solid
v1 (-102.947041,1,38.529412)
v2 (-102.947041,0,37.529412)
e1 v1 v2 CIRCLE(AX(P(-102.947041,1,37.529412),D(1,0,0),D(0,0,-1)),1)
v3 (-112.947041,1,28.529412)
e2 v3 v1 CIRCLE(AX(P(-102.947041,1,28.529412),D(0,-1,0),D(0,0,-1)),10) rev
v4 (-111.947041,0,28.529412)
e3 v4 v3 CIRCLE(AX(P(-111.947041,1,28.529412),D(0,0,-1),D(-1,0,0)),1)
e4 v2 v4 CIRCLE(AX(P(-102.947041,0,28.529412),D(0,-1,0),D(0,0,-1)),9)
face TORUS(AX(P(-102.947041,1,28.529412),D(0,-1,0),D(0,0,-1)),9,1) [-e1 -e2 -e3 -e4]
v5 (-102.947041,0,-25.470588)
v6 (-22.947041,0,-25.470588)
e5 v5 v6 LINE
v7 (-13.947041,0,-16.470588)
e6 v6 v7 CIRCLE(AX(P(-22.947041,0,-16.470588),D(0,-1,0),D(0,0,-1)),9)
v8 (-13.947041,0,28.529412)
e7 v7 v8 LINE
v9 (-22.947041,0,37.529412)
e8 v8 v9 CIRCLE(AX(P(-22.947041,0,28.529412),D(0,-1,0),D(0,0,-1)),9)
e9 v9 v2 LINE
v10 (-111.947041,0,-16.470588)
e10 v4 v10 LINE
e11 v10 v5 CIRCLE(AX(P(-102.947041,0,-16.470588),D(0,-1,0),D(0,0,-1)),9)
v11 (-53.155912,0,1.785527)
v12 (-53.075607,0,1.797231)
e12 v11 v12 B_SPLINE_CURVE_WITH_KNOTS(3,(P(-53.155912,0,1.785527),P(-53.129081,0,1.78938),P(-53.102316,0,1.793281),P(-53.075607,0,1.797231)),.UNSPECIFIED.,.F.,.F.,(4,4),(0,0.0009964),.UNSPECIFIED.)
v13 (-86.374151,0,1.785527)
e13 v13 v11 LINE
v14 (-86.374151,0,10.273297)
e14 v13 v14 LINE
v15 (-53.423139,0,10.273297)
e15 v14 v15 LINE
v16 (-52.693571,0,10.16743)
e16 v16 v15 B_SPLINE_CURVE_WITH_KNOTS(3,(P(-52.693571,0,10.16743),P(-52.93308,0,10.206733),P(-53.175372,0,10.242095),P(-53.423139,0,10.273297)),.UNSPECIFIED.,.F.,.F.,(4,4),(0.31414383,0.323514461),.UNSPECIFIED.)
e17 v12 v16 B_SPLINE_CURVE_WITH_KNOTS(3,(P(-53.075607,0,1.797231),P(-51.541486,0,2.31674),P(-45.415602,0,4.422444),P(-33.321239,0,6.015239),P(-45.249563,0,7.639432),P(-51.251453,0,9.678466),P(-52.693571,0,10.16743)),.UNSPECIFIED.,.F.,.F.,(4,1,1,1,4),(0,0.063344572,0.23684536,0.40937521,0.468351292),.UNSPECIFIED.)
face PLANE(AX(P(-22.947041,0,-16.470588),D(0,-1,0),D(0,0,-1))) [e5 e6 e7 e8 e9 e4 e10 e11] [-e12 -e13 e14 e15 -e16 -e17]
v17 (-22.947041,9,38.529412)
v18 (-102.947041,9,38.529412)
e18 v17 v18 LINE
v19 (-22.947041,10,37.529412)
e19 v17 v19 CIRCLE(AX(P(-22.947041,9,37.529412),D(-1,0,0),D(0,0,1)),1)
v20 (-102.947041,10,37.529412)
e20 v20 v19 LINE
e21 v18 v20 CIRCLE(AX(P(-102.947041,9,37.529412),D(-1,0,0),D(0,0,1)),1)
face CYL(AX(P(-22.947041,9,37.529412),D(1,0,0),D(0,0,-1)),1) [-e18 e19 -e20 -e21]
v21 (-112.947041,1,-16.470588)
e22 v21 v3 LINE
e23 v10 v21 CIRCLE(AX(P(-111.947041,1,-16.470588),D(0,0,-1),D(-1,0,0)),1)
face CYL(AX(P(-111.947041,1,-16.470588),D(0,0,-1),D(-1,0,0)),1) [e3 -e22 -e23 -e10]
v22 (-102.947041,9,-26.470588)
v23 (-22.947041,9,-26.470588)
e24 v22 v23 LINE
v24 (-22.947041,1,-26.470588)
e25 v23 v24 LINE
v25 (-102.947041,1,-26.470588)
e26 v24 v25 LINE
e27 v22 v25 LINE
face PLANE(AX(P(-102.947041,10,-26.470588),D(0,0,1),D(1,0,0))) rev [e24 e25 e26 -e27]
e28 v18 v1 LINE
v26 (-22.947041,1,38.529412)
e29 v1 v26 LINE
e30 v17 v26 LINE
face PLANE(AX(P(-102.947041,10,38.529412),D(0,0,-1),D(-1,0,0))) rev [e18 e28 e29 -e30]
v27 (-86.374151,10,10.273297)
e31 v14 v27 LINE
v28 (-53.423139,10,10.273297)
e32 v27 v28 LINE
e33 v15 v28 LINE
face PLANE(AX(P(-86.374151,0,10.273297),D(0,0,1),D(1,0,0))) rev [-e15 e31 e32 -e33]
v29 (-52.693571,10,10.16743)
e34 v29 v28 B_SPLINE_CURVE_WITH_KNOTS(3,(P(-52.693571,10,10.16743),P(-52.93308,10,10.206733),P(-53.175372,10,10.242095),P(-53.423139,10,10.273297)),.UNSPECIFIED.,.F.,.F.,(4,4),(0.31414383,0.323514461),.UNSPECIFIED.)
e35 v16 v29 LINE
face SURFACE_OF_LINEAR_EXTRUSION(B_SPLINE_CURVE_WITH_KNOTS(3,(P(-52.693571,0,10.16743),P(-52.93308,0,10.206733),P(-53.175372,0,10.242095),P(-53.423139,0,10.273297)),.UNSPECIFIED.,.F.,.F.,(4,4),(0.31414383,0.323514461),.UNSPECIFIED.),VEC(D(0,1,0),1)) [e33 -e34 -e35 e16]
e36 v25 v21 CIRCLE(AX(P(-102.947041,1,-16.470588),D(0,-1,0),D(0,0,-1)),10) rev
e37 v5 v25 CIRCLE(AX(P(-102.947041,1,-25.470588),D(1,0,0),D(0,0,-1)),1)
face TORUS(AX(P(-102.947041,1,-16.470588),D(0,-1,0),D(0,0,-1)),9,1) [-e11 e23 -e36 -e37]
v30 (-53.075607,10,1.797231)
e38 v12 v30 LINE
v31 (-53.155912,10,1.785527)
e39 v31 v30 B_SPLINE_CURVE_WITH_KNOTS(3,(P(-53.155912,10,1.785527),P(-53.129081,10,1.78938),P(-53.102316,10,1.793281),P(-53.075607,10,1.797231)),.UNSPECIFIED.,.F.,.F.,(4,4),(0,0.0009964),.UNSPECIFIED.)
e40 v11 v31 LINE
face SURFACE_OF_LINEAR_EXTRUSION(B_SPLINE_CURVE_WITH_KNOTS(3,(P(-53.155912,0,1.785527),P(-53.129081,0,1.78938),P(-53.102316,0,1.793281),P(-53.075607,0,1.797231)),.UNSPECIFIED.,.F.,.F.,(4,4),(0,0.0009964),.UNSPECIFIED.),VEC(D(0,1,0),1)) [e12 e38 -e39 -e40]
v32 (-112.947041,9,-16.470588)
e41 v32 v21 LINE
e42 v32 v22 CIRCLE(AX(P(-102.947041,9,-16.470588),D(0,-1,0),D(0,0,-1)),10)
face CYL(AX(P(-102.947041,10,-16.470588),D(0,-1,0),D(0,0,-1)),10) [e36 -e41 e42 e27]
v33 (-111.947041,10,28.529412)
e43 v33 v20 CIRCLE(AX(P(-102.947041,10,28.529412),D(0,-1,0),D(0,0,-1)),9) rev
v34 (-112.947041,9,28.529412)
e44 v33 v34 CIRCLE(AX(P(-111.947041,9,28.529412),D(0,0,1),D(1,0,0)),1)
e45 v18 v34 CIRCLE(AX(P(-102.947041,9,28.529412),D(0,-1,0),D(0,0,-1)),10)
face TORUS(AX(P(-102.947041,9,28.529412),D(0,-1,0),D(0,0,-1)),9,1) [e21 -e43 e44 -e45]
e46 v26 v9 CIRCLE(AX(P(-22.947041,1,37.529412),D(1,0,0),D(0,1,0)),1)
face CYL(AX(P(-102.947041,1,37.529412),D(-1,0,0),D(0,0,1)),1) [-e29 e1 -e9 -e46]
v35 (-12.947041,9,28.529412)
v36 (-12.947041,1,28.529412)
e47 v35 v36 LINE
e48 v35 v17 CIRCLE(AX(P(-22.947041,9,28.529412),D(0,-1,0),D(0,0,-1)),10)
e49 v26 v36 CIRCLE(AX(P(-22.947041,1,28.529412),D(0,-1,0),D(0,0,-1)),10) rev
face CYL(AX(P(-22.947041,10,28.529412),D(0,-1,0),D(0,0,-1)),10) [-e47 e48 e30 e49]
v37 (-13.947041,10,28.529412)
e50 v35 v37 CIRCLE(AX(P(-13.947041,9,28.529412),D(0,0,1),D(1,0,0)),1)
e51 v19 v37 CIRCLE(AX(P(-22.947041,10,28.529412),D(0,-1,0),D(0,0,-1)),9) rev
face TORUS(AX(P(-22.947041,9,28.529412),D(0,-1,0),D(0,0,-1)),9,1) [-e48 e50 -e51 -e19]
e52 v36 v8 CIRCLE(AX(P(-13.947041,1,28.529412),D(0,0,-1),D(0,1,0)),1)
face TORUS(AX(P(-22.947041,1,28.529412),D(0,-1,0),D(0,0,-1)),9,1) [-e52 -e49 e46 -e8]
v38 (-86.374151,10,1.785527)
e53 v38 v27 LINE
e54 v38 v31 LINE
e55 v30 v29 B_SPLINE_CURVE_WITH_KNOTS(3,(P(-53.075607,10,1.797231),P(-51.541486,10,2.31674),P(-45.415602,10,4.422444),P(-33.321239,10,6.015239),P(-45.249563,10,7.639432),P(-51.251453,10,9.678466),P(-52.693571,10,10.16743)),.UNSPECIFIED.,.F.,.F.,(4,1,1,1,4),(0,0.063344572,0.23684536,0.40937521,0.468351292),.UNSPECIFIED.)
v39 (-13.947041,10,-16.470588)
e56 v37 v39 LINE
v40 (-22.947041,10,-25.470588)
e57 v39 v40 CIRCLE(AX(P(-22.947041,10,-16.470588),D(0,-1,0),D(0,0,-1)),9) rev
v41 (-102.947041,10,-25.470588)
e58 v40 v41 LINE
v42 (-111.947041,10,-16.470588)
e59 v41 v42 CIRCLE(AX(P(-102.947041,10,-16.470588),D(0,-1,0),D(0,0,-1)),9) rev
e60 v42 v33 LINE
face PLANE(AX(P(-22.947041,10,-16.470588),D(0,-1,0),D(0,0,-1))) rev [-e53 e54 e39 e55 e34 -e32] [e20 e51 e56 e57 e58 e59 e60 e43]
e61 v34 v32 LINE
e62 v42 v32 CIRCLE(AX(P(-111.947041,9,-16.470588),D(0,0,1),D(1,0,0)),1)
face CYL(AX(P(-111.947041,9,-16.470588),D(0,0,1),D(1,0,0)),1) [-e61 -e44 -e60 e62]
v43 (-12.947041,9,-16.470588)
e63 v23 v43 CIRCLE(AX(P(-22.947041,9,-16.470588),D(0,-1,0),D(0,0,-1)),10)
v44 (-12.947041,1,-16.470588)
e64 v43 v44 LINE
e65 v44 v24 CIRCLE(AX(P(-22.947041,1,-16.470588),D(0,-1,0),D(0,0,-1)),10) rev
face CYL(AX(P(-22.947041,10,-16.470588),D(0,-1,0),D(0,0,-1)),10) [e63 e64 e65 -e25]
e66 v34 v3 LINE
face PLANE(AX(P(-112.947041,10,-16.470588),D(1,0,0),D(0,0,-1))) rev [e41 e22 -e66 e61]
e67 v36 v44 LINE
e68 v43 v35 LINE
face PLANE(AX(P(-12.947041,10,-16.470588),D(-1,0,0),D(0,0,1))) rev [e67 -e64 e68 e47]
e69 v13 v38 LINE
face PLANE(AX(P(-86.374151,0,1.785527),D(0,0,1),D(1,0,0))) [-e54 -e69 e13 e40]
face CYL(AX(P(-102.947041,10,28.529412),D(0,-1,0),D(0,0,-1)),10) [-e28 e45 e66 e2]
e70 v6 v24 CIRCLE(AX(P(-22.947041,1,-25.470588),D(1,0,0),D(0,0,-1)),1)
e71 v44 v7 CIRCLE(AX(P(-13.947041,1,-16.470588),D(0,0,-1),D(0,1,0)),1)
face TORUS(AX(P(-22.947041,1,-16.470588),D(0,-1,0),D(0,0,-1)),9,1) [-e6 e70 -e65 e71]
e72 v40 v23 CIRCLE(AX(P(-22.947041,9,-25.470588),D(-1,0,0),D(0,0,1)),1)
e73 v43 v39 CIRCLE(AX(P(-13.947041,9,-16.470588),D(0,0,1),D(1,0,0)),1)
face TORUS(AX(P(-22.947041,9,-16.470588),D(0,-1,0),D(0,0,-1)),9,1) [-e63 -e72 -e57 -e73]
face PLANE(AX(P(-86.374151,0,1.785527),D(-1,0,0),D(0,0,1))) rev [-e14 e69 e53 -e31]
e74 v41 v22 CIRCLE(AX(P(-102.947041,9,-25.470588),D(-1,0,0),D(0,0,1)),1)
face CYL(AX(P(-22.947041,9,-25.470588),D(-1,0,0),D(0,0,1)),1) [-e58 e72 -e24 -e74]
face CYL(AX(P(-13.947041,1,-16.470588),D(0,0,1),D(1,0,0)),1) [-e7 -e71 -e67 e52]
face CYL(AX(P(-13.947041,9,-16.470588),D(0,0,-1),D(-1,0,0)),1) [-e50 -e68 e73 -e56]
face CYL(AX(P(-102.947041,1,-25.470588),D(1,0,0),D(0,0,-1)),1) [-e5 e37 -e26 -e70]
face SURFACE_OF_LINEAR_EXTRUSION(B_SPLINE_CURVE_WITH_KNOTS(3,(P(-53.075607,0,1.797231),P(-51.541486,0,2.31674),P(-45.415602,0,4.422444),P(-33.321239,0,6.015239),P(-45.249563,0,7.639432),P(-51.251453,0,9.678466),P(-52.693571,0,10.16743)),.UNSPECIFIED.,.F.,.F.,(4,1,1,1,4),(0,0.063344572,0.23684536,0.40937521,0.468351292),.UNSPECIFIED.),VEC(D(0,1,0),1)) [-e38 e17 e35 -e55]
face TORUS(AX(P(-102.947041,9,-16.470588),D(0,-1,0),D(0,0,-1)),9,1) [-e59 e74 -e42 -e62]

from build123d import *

# Parameters (mm, degrees)
BOSS_EXTRUDE1_DEPTH = 10
CUT_EXTRUDE2_DEPTH  = 10
FILLET1_R           = 1
FILLET2_R           = 1


with BuildPart() as part:
    # Sketch1 → Boss-Extrude1 (new body)
    with BuildSketch(Plane(origin=(0, 0, 0), x_dir=(1, 0, 0), z_dir=(0, 1, 0))):
        with BuildLine():
            Line((-102.94704138, 26.470588235), (-22.94704138, 26.470588235))
            ThreePointArc((-22.94704138, 26.470588235), (-15.875973568, 23.541656047), (-12.94704138, 16.470588235))
            Line((-12.94704138, 16.470588235), (-12.94704138, -28.529411765))
            ThreePointArc((-12.94704138, -28.529411765), (-15.875973568, -35.600479577), (-22.94704138, -38.529411765))
            Line((-22.94704138, -38.529411765), (-102.94704138, -38.529411765))
            ThreePointArc((-102.94704138, -38.529411765), (-110.018109192, -35.600479577), (-112.94704138, -28.529411765))
            Line((-112.94704138, -28.529411765), (-112.94704138, 16.470588235))
            ThreePointArc((-112.94704138, 16.470588235), (-110.018109192, 23.541656047), (-102.94704138, 26.470588235))
        make_face()
    extrude(amount=BOSS_EXTRUDE1_DEPTH)

    # Sketch2 → Cut-Extrude2 (cut)
    with BuildSketch(Plane(origin=(0, 10, 0), x_dir=(1, 0, 0), z_dir=(0, 1, 0))):
        with BuildLine():
            Line((-86.374151264, -1.785526941), (-53.155911565, -1.785526941))
            add(Edge.make_bspline(
                [(-53.155911565, -1.785526941), (-53.129080982, -1.789380086), (-53.1023159, -1.793281348), (-53.075607342, -1.797231207)],
                knots=[0, 0, 0, 0, 0.0009964, 0.0009964, 0.0009964, 0.0009964], degree=3))
            add(Edge.make_bspline(
                [(-53.075607342, -1.797231207), (-51.541485704, -2.316740326), (-45.415602023, -4.422444293), (-33.321239101, -6.01523888), (-45.249562715, -7.639432102), (-51.251453322, -9.678465504), (-52.693570539, -10.167430322)],
                knots=[0, 0, 0, 0, 0.063344572, 0.23684536, 0.40937521, 0.468351292, 0.468351292, 0.468351292, 0.468351292], degree=3))
            add(Edge.make_bspline(
                [(-52.693570539, -10.167430322), (-52.933080229, -10.206733211), (-53.17537239, -10.242094783), (-53.423139068, -10.273296592)],
                knots=[0.31414383, 0.31414383, 0.31414383, 0.31414383, 0.323514461, 0.323514461, 0.323514461, 0.323514461], degree=3))
            Line((-53.423139068, -10.273296592), (-86.374151264, -10.273296592))
            Line((-86.374151264, -10.273296592), (-86.374151264, -1.785526941))
        make_face()
    extrude(amount=-CUT_EXTRUDE2_DEPTH, mode=Mode.SUBTRACT)

    # Fillet1
    fillet1_edges = [part.edges().sort_by_distance(p)[0] for p in [
        (-110.018109192, 10, -23.541656047),
        (-112.94704138, 10, 6.029411765),
        (-110.018109192, 10, 35.600479577),
        (-62.94704138, 10, 38.529411765),
        (-15.875973568, 10, 35.600479577),
        (-12.94704138, 10, 6.029411765),
        (-15.875973568, 10, -23.541656047),
        (-62.94704138, 10, -26.470588235),
    ]]
    fillet(fillet1_edges, radius=FILLET1_R)

    # Fillet2
    fillet2_edges = [part.edges().sort_by_distance(p)[0] for p in [
        (-112.94704138, 0, 6.029411765),
        (-110.018109192, 0, -23.541656047),
        (-62.94704138, 0, -26.470588235),
        (-15.875973568, 0, -23.541656047),
        (-12.94704138, 0, 6.029411765),
        (-15.875973568, 0, 35.600479577),
        (-62.94704138, 0, 38.529411765),
        (-110.018109192, 0, 35.600479577),
    ]]
    fillet(fillet2_edges, radius=FILLET2_R)


solid = part.part
